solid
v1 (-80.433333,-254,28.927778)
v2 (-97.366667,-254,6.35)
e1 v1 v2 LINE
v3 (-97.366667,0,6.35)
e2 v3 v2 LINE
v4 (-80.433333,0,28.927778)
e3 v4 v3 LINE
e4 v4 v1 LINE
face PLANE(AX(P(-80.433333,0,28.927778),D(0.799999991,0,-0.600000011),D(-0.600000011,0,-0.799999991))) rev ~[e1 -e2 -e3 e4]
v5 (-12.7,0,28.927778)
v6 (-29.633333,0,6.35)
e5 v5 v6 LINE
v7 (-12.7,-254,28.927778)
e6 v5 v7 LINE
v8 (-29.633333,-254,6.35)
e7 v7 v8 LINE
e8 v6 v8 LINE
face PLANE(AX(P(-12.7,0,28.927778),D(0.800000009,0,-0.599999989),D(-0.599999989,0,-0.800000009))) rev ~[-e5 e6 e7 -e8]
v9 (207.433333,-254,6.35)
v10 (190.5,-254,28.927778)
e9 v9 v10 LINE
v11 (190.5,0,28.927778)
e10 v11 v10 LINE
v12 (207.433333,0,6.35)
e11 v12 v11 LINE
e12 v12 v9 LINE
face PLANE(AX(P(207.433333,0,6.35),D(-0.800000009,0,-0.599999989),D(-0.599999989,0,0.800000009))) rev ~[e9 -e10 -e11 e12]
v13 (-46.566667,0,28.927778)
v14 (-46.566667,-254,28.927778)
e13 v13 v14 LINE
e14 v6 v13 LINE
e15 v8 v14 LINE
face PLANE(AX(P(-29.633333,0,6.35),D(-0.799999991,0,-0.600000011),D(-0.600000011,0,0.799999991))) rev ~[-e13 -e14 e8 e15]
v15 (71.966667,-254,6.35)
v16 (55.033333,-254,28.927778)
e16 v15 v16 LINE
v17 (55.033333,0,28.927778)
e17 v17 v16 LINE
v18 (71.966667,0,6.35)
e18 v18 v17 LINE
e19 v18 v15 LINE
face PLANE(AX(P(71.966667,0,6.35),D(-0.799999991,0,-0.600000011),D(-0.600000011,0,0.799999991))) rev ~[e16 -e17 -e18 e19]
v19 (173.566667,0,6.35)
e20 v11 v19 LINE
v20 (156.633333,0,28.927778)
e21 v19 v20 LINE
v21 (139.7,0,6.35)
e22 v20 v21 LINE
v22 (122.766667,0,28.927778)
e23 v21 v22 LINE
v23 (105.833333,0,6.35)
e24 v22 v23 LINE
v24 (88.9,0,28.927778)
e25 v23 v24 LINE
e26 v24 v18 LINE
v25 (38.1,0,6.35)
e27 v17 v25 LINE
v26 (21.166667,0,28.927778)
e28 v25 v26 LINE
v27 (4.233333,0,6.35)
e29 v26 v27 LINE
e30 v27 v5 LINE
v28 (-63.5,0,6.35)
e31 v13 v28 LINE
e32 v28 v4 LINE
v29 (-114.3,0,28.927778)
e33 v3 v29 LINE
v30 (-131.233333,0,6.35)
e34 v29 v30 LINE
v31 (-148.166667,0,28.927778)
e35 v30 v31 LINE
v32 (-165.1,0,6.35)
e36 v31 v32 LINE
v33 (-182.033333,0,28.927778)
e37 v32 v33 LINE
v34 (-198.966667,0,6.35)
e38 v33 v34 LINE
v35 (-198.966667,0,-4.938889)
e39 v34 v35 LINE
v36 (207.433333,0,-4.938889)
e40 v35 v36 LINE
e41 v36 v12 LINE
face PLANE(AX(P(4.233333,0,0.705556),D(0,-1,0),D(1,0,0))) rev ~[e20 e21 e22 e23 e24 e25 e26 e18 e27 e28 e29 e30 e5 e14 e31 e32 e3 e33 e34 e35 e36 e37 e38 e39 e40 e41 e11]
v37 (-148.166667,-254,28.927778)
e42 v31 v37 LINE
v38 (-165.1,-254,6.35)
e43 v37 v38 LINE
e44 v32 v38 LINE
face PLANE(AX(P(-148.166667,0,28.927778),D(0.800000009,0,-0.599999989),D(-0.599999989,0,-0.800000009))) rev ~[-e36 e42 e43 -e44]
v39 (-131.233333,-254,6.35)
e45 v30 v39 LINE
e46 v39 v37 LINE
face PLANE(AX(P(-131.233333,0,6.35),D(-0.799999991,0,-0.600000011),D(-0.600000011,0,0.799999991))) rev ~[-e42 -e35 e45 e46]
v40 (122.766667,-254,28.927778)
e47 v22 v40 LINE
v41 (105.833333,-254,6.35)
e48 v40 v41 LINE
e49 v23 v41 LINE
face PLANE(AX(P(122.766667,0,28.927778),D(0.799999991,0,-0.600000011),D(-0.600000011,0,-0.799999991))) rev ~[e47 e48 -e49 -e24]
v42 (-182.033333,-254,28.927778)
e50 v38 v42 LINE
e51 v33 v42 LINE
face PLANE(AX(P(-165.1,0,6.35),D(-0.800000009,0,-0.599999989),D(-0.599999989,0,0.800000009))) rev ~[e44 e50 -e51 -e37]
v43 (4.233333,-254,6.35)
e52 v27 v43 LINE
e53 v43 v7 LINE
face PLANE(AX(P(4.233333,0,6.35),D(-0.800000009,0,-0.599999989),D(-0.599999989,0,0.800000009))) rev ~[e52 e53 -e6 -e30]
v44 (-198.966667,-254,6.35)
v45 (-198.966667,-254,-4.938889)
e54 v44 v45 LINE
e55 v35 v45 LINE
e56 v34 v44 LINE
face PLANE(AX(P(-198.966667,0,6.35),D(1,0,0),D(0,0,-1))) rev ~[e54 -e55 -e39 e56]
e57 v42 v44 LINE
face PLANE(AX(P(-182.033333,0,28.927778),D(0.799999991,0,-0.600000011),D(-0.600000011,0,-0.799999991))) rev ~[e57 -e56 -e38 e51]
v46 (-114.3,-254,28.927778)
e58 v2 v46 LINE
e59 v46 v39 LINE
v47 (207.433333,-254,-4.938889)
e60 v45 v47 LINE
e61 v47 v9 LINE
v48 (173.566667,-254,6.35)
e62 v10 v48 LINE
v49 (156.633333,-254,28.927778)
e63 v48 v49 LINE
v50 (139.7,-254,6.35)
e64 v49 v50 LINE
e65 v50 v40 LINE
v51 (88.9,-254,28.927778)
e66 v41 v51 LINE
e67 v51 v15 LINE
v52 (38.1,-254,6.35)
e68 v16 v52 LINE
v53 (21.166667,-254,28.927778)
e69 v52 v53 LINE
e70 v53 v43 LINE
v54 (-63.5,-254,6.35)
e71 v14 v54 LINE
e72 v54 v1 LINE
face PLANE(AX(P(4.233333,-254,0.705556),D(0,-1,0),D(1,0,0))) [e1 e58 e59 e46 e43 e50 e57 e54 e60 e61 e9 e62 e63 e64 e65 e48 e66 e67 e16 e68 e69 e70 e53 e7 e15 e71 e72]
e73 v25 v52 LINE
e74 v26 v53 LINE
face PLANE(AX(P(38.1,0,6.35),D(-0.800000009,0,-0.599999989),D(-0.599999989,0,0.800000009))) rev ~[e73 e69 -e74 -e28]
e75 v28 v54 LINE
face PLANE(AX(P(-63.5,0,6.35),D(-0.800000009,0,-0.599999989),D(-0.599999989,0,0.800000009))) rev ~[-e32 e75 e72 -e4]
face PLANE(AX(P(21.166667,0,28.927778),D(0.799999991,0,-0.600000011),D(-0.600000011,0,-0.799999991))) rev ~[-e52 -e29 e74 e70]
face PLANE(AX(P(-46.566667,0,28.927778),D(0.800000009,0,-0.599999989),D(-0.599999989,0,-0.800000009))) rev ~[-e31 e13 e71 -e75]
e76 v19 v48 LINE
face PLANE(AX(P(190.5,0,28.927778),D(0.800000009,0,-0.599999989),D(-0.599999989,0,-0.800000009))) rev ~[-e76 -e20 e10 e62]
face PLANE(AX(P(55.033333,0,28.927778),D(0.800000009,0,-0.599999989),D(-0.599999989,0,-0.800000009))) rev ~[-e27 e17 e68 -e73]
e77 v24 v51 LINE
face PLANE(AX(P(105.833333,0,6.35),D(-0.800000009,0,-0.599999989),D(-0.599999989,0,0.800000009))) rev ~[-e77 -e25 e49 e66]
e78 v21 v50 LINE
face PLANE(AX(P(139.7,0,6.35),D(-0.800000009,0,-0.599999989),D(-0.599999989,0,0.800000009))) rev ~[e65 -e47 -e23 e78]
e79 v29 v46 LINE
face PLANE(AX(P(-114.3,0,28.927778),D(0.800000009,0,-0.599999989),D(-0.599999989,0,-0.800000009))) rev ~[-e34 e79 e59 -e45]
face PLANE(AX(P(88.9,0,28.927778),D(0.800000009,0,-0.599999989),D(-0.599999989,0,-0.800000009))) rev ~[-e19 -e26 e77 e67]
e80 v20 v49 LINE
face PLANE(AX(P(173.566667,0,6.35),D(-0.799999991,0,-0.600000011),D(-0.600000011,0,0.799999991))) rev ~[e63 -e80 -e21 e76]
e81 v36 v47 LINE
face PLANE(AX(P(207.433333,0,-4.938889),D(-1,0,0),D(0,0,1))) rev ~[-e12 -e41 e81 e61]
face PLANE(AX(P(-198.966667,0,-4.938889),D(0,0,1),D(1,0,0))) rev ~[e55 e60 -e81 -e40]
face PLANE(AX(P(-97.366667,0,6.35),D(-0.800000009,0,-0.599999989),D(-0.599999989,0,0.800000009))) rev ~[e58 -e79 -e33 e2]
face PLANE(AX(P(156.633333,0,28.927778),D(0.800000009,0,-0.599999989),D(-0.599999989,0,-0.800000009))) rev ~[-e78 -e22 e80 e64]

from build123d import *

# Parameters (mm, degrees)
F1_DEPTH = 254


with BuildPart() as f1:
    # F0 (on Front) → F1 (new body)
    with BuildSketch(Plane.XZ):
        Polygon((-198.966667, 6.35), (-198.966667, -4.938889), (207.433333, -4.938889), (207.433333, 6.35), (190.5, 6.35), (173.566667, 6.35), (156.633333, 6.35), (139.7, 6.35), (122.766667, 6.35), (105.833333, 6.35), (88.9, 6.35), (71.966667, 6.35), (55.033333, 6.35), (38.1, 6.35), (21.166667, 6.35), (4.233333, 6.35), (-12.7, 6.35), (-29.633333, 6.35), (-46.566667, 6.35), (-63.5, 6.35), (-80.433333, 6.35), (-97.366667, 6.35), (-114.3, 6.35), (-131.233333, 6.35), (-148.166667, 6.35), (-165.1, 6.35), (-182.033333, 6.35), align=None)
        Polygon((-182.033333, 28.927778), (-198.966667, 6.35), (-182.033333, 6.35), align=None)
        Polygon((190.5, 6.35), (207.433333, 6.35), (190.5, 28.927778), align=None)
        Polygon((-182.033333, 28.927778), (-182.033333, 6.35), (-165.1, 6.35), align=None)
        Polygon((173.566667, 6.35), (190.5, 6.35), (190.5, 28.927778), align=None)
        Polygon((-148.166667, 28.927778), (-165.1, 6.35), (-148.166667, 6.35), align=None)
        Polygon((156.633333, 6.35), (173.566667, 6.35), (156.633333, 28.927778), align=None)
        Polygon((-148.166667, 28.927778), (-148.166667, 6.35), (-131.233333, 6.35), align=None)
        Polygon((139.7, 6.35), (156.633333, 6.35), (156.633333, 28.927778), align=None)
        Polygon((-114.3, 28.927778), (-131.233333, 6.35), (-114.3, 6.35), align=None)
        Polygon((122.766667, 6.35), (139.7, 6.35), (122.766667, 28.927778), align=None)
        Polygon((-114.3, 28.927778), (-114.3, 6.35), (-97.366667, 6.35), align=None)
        Polygon((105.833333, 6.35), (122.766667, 6.35), (122.766667, 28.927778), align=None)
        Polygon((-80.433333, 28.927778), (-97.366667, 6.35), (-80.433333, 6.35), align=None)
        Polygon((88.9, 6.35), (105.833333, 6.35), (88.9, 28.927778), align=None)
        Polygon((-80.433333, 28.927778), (-80.433333, 6.35), (-63.5, 6.35), align=None)
        Polygon((71.966667, 6.35), (88.9, 6.35), (88.9, 28.927778), align=None)
        Polygon((-46.566667, 28.927778), (-63.5, 6.35), (-46.566667, 6.35), align=None)
        Polygon((55.033333, 6.35), (71.966667, 6.35), (55.033333, 28.927778), align=None)
        Polygon((-46.566667, 28.927778), (-46.566667, 6.35), (-29.633333, 6.35), align=None)
        Polygon((38.1, 6.35), (55.033333, 6.35), (55.033333, 28.927778), align=None)
        Polygon((-12.7, 28.927778), (-29.633333, 6.35), (-12.7, 6.35), align=None)
        Polygon((21.166667, 6.35), (38.1, 6.35), (21.166667, 28.927778), align=None)
        Polygon((-12.7, 28.927778), (-12.7, 6.35), (4.233333, 6.35), align=None)
        Polygon((4.233333, 6.35), (21.166667, 6.35), (21.166667, 28.927778), align=None)
    extrude(amount=F1_DEPTH)


solid = f1.part
